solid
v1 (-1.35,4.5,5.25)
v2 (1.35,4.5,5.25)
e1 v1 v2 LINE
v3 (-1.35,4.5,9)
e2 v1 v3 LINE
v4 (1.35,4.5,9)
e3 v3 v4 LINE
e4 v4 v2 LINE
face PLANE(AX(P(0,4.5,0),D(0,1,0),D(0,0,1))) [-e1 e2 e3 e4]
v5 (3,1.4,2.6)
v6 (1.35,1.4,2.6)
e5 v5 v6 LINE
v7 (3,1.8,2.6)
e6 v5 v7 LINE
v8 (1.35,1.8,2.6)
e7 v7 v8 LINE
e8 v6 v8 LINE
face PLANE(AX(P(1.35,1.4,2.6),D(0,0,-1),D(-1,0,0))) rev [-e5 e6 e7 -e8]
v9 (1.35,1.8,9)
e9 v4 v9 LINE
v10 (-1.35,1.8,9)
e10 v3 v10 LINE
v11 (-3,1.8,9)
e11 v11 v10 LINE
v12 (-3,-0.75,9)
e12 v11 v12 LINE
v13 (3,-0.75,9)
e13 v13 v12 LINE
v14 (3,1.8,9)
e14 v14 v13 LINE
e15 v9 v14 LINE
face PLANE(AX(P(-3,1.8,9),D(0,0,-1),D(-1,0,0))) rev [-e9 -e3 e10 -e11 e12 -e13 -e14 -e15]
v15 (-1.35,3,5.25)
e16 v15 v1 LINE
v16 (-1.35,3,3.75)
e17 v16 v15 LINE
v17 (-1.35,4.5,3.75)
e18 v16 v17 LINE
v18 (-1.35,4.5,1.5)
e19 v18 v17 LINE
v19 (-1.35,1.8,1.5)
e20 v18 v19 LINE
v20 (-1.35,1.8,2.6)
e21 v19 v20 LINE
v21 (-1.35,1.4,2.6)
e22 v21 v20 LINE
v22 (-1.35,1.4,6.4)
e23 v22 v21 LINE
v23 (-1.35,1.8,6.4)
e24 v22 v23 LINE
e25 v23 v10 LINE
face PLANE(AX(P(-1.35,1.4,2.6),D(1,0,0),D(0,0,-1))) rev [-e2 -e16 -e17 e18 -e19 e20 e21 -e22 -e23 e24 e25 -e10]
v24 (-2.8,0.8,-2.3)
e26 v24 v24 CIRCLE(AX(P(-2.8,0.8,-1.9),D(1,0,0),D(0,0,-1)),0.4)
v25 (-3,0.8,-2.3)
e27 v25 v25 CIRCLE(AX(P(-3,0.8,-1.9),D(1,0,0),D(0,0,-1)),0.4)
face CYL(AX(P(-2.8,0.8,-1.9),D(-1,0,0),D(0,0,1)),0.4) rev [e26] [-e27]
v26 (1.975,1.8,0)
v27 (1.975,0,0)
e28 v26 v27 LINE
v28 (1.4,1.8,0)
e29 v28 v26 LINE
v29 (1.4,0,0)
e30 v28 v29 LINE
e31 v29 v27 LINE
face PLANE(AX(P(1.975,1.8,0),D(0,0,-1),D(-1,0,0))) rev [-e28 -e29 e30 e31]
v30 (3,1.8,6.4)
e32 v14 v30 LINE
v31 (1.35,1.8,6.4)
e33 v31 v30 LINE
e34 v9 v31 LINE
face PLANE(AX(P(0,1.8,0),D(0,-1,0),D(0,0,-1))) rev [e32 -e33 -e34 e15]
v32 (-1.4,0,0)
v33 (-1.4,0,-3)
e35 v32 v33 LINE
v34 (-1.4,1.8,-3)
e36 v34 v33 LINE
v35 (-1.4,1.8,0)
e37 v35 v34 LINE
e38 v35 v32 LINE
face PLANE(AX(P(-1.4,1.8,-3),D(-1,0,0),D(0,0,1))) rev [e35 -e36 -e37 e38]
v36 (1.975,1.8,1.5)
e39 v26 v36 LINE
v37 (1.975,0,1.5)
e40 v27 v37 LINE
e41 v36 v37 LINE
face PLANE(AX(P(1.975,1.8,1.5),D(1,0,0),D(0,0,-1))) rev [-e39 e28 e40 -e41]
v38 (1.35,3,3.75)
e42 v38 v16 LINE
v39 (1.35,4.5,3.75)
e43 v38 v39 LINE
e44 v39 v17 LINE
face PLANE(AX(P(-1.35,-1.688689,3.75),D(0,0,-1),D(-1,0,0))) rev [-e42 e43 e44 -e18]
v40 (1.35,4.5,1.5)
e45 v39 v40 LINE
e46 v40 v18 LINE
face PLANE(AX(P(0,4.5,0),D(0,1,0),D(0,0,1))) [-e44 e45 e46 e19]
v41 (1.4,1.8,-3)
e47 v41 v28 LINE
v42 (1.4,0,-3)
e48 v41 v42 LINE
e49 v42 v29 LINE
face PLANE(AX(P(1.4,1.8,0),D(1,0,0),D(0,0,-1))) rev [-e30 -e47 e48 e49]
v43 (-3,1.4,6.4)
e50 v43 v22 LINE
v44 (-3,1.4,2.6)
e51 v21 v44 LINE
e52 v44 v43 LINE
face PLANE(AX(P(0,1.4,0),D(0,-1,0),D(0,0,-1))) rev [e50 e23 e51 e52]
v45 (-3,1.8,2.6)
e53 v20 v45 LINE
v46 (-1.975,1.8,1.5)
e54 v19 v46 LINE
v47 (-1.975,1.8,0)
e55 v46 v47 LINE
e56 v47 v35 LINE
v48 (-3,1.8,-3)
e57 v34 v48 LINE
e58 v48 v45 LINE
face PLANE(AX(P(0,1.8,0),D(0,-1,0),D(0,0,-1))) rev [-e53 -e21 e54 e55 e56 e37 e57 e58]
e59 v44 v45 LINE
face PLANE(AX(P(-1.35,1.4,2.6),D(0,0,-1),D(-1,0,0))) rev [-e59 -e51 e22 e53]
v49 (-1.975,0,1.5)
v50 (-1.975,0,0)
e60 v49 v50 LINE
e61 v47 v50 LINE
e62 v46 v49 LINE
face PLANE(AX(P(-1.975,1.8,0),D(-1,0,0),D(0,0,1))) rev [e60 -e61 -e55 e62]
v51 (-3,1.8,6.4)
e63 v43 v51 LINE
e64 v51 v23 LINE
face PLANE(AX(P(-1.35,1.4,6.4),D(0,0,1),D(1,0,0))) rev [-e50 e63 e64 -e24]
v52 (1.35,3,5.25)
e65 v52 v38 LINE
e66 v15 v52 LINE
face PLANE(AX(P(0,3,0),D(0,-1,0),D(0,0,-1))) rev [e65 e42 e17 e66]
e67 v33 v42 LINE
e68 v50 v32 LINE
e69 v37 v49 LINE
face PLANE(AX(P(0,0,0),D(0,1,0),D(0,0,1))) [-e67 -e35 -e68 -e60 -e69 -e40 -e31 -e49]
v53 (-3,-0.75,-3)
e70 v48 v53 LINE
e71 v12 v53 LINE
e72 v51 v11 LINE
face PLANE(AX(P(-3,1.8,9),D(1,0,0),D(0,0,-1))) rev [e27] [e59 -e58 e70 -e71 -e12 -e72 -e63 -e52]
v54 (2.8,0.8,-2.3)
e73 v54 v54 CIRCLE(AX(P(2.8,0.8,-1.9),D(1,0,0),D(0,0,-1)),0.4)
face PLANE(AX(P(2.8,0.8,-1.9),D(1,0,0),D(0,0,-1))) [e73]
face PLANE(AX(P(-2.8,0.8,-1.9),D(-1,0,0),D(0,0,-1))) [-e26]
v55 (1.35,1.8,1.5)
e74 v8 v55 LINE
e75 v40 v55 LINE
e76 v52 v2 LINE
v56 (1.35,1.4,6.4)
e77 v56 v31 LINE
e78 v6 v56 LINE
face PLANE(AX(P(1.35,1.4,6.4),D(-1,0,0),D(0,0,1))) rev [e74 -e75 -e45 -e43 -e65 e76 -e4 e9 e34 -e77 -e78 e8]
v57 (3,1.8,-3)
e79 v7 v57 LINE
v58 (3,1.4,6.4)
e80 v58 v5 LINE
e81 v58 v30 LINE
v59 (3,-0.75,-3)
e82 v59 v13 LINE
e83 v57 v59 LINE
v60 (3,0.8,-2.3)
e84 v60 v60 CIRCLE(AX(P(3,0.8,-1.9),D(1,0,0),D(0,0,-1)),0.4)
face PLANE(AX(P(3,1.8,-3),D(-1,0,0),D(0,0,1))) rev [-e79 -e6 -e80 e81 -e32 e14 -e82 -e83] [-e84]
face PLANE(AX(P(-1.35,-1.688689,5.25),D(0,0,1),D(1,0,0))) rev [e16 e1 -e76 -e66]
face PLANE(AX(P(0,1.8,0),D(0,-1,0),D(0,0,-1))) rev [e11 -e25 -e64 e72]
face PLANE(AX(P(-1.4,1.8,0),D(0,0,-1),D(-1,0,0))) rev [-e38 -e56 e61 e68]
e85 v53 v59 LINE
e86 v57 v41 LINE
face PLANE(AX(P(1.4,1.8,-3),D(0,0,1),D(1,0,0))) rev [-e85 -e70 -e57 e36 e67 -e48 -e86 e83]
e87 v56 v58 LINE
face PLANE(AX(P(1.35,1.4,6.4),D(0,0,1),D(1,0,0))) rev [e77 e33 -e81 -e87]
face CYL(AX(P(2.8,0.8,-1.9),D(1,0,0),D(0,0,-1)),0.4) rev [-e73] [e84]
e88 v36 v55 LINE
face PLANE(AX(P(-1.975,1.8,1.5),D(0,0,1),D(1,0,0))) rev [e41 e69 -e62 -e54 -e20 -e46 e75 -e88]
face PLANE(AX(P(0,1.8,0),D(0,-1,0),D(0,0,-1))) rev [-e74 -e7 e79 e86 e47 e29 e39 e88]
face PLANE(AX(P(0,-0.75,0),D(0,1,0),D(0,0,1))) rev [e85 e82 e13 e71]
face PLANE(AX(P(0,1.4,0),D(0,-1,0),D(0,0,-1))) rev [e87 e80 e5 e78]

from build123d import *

# Parameters (mm, degrees)
BOSS_EXTRUDE1_DEPTH = 1.8
SKETCH2_W           = 6
SKETCH2_H           = 12
BOSS_EXTRUDE2_DEPTH = 0.75
SKETCH7_W           = 1.65
SKETCH7_H           = 3.8
CUT_EXTRUDE2_DEPTH  = 0.4
SKETCH9_R           = 0.4
CUT_EXTRUDE4_DEPTH  = 0.2
BOSS_EXTRUDE3_DEPTH = 2.7
SKETCH11_W          = 2.7
SKETCH11_H          = 1.5
CUT_EXTRUDE5_DEPTH  = 1.5


with BuildPart() as part:
    # Sketch1 → Boss-Extrude1 (new body)
    with BuildSketch(Plane(origin=(0, 0, 0), x_dir=(1, 0, 0), z_dir=(0, 1, 0))):
        Polygon((-1.4, 3), (-1.4, 0), (-1.975, 0), (-1.975, -1.5), (1.975, -1.5), (1.975, 0), (1.4, 0), (1.4, 3), (3, 3), (3, -9), (-3, -9), (-3, 3), align=None)
    extrude(amount=BOSS_EXTRUDE1_DEPTH)

    # Sketch2 → Boss-Extrude2 (add)
    with BuildSketch(Plane.XZ):
        with Locations((0, 3)):
            Rectangle(SKETCH2_W, SKETCH2_H)
    extrude(amount=BOSS_EXTRUDE2_DEPTH)

    # Sketch7 → Cut-Extrude2 (cut)
    with BuildSketch(Plane(origin=(0, 1.8, 0), x_dir=(1, 0, 0), z_dir=(0, 1, 0))):
        with Locations((-2.175, -4.5)):
            Rectangle(SKETCH7_W, SKETCH7_H)
        with Locations((2.175, -4.5)):
            Rectangle(SKETCH7_W, SKETCH7_H)
    extrude(amount=-CUT_EXTRUDE2_DEPTH, mode=Mode.SUBTRACT)

    # Sketch9 → Cut-Extrude4 (cut)
    with BuildSketch(Plane(origin=(3, 0, 0), x_dir=(0, 0, -1), z_dir=(1, 0, 0))):
        with Locations((1.9, 0.8)):
            Circle(SKETCH9_R)
    cut_extrude4 = extrude(amount=-CUT_EXTRUDE4_DEPTH, mode=Mode.SUBTRACT)

    # Mirror1: Cut-Extrude4 across plane
    add(cut_extrude4.mirror(Plane(origin=(0, 0, 0), x_dir=(0, 0, 1), z_dir=(1, 0, 0))), mode=Mode.SUBTRACT)

    # Sketch10 → Boss-Extrude3 (add)
    with BuildSketch(Plane(origin=(0, 1.8, 0), x_dir=(1, 0, 0), z_dir=(0, 1, 0))):
        Polygon((-1.35, -6.4), (-1.35, -9), (1.35, -9), (1.35, -6.4), (1.35, -2.6), (1.35, -1.5), (-1.35, -1.5), (-1.35, -2.6), align=None)
    extrude(amount=BOSS_EXTRUDE3_DEPTH)

    # Sketch11 → Cut-Extrude5 (cut)
    with BuildSketch(Plane(origin=(0, 4.5, 0), x_dir=(1, 0, 0), z_dir=(0, 1, 0))):
        with Locations((0, -4.5)):
            Rectangle(SKETCH11_W, SKETCH11_H)
    extrude(amount=-CUT_EXTRUDE5_DEPTH, mode=Mode.SUBTRACT)


solid = part.part
